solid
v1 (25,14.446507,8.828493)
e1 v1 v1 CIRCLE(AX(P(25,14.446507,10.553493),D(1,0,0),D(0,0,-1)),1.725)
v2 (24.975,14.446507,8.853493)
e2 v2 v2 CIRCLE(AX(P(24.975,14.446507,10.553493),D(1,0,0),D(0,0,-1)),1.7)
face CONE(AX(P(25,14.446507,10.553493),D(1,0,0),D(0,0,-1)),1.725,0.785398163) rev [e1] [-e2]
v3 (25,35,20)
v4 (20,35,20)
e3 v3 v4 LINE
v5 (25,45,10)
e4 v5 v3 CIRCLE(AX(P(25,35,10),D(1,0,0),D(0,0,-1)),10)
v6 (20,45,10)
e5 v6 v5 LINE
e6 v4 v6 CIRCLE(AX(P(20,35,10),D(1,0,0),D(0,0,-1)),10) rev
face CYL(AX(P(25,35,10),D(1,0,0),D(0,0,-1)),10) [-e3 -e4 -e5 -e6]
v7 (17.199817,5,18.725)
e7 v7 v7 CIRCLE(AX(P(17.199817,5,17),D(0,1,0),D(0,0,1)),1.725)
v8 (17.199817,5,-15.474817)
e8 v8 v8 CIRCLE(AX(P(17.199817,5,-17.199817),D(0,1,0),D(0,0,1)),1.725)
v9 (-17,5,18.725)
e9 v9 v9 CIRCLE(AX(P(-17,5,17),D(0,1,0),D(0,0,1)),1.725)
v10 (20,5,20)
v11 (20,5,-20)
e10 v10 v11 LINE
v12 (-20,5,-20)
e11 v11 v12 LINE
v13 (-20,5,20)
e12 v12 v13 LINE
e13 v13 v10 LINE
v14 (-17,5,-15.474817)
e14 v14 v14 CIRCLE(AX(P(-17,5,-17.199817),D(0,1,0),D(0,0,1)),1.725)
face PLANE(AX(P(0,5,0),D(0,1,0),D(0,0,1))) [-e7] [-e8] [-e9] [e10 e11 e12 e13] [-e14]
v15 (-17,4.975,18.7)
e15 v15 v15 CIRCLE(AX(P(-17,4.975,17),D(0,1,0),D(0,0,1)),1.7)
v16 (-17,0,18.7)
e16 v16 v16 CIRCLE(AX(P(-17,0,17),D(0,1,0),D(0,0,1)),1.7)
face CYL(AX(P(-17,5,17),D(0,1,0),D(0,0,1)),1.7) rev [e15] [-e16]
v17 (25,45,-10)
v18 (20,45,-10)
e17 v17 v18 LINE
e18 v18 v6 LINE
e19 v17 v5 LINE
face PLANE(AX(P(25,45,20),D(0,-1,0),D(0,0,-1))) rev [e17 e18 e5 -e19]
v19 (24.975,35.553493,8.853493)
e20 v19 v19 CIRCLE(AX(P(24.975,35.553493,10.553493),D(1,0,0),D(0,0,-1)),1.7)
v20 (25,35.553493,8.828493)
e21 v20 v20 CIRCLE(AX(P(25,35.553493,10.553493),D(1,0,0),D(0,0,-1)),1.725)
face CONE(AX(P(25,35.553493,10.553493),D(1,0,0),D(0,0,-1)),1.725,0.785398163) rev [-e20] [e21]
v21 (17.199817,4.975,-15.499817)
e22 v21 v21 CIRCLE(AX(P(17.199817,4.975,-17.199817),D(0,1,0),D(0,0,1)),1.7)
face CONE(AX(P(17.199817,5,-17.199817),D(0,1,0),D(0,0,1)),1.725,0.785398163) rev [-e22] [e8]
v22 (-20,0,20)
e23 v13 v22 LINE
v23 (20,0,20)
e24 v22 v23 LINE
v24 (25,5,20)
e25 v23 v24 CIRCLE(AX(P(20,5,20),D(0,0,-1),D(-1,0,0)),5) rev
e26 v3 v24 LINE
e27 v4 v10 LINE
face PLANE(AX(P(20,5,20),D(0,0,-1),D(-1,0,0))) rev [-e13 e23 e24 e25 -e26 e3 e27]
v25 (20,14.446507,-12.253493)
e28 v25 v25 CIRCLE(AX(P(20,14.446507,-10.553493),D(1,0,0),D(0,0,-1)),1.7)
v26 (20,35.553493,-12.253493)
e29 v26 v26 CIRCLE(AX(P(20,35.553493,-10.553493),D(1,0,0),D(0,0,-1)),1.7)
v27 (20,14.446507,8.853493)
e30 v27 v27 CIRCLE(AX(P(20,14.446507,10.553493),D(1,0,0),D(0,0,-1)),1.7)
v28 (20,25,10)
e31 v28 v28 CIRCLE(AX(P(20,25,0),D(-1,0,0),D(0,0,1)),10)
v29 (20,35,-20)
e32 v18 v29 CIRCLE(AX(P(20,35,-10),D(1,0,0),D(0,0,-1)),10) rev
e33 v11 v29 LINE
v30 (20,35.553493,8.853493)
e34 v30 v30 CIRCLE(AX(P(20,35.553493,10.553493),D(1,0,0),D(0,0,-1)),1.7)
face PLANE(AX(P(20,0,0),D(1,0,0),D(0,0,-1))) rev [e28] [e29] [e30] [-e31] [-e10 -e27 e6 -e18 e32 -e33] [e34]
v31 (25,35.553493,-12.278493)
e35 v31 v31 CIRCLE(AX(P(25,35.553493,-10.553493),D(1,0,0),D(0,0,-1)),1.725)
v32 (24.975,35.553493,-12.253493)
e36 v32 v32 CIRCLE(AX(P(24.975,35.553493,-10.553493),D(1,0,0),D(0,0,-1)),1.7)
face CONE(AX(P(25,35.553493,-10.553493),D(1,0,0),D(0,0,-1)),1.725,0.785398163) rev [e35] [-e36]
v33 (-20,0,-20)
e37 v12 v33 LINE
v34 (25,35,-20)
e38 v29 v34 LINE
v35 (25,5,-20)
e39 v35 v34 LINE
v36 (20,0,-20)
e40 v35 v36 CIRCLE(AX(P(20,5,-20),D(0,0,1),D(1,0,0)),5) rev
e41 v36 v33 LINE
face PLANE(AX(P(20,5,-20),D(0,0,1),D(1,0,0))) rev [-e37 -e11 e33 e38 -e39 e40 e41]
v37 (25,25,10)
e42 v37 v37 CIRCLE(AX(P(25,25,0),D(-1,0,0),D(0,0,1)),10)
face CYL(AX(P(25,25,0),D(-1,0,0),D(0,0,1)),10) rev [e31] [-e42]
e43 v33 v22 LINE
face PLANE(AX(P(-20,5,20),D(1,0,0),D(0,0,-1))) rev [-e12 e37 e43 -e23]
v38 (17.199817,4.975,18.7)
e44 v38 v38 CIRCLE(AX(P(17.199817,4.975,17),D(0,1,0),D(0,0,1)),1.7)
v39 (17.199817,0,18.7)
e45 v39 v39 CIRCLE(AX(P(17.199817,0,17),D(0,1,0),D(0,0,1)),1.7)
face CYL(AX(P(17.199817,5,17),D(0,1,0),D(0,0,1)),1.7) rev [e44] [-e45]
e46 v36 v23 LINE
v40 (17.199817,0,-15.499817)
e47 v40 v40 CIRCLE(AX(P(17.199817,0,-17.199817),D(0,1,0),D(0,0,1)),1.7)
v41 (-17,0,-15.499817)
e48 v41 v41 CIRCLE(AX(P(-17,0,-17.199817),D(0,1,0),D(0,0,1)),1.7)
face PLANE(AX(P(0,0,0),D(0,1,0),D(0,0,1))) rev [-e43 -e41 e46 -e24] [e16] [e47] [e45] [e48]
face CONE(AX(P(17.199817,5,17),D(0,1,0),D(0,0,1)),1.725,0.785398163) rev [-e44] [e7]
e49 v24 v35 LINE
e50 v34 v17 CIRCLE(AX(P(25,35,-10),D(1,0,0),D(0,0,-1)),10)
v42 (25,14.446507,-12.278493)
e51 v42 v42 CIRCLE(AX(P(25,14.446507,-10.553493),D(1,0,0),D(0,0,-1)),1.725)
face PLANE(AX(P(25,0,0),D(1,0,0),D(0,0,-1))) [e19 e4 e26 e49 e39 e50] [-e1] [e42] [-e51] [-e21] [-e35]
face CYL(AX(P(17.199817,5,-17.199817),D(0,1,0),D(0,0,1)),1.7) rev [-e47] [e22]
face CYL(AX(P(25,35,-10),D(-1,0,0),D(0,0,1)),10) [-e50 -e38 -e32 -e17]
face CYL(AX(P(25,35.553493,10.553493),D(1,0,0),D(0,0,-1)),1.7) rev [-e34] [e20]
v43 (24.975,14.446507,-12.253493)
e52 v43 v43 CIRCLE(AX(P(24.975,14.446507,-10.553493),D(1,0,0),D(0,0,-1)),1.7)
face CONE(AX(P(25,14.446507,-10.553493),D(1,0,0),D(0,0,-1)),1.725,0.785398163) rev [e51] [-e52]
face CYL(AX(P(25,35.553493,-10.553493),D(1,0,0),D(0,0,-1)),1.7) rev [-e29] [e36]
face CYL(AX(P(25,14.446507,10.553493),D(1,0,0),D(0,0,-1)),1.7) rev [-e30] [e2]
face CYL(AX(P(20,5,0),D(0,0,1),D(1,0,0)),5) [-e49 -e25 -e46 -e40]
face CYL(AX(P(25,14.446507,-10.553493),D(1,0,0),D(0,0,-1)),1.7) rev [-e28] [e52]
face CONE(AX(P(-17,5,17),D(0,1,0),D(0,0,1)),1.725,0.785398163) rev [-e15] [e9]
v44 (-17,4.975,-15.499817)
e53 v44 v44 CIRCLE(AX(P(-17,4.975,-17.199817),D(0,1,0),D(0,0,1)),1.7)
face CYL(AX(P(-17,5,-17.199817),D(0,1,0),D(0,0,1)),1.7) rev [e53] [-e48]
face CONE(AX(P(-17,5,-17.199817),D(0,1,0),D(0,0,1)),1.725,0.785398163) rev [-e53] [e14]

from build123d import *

# Parameters (mm, degrees)
SKETCH1_W                      = 40
SKETCH1_H                      = 40
BOSS_EXTRUDE1_DEPTH            = 5
BOSS_EXTRUDE2_START            = 20
SKETCH2_W                      = 40
SKETCH2_H                      = 45
BOSS_EXTRUDE2_DEPTH            = 5
FILLET1_R                      = 10
FILLET2_R                      = 10
FILLET3_R                      = 5
SKETCH3_R                      = 10
CUT_EXTRUDE1_DEPTH             = 5
M3_CLEARANCE_HOLE1_D           = 3.4
M3_CLEARANCE_HOLE1_CSINK_D     = 3.45
M3_CLEARANCE_HOLE1_CSINK_ANGLE = 90
CIRPATTERN1_COUNT              = 4
M3_CLEARANCE_HOLE2_D           = 3.4
M3_CLEARANCE_HOLE2_CSINK_D     = 3.45
M3_CLEARANCE_HOLE2_CSINK_ANGLE = 90
CIRPATTERN2_COUNT              = 4


with BuildPart() as part:
    # Sketch1 → Boss-Extrude1 (new body)
    with BuildSketch(Plane(origin=(0, 0, 0), x_dir=(1, 0, 0), z_dir=(0, 1, 0))):
        Rectangle(SKETCH1_W, SKETCH1_H)
    extrude(amount=BOSS_EXTRUDE1_DEPTH)

    # Sketch2 → Boss-Extrude2 (add)
    with BuildSketch(Plane(origin=(0, 0, 0), x_dir=(0, 0, -1), z_dir=(1, 0, 0)).offset(BOSS_EXTRUDE2_START)):
        with Locations((0, 22.5)):
            Rectangle(SKETCH2_W, SKETCH2_H)
    extrude(amount=BOSS_EXTRUDE2_DEPTH)

    # Fillet1
    fillet1_edges = [part.edges().sort_by_distance(p)[0] for p in [
        (22.5, 45, 20),
    ]]
    fillet(fillet1_edges, radius=FILLET1_R)

    # Fillet2
    fillet2_edges = [part.edges().sort_by_distance(p)[0] for p in [
        (22.5, 45, -20),
    ]]
    fillet(fillet2_edges, radius=FILLET2_R)

    # Fillet3
    fillet3_edges = [part.edges().sort_by_distance(p)[0] for p in [
        (25, 0, 0),
    ]]
    fillet(fillet3_edges, radius=FILLET3_R)

    # Sketch3 → Cut-Extrude1 (cut)
    with BuildSketch(Plane.ZY.offset(-20)):
        with Locations((0, 25)):
            Circle(SKETCH3_R)
    extrude(amount=-CUT_EXTRUDE1_DEPTH, mode=Mode.SUBTRACT)

    # M3 Clearance Hole1 (through all)
    with Locations(Plane(origin=(25, 0, 0), x_dir=(0, 0, -1), z_dir=(1, 0, 0))):
        with Locations((-10.553493254, 35.553493254)):
            m3_clearance_hole1 = CounterSinkHole(M3_CLEARANCE_HOLE1_D / 2, M3_CLEARANCE_HOLE1_CSINK_D / 2, counter_sink_angle=M3_CLEARANCE_HOLE1_CSINK_ANGLE)

    # CirPattern1: M3 Clearance Hole1 ×4 about axis
    cirpattern1_axis = Axis((0, 25, 0), (1, 0, 0))
    for i in range(1, CIRPATTERN1_COUNT):
        add(m3_clearance_hole1.rotate(cirpattern1_axis, i * 360 / CIRPATTERN1_COUNT), mode=Mode.SUBTRACT)

    # M3 Clearance Hole2 (through all)
    with Locations(Plane(origin=(0, 5, 0), x_dir=(1, 0, 0), z_dir=(0, 1, 0))):
        with Locations((-17, -17)):
            m3_clearance_hole2 = CounterSinkHole(M3_CLEARANCE_HOLE2_D / 2, M3_CLEARANCE_HOLE2_CSINK_D / 2, counter_sink_angle=M3_CLEARANCE_HOLE2_CSINK_ANGLE)

    # CirPattern2: M3 Clearance Hole2 ×4 about axis
    cirpattern2_axis = Axis((0.09990837, 0, -0.09990837), (0, 1, 0))
    for i in range(1, CIRPATTERN2_COUNT):
        add(m3_clearance_hole2.rotate(cirpattern2_axis, i * 360 / CIRPATTERN2_COUNT), mode=Mode.SUBTRACT)


solid = part.part
